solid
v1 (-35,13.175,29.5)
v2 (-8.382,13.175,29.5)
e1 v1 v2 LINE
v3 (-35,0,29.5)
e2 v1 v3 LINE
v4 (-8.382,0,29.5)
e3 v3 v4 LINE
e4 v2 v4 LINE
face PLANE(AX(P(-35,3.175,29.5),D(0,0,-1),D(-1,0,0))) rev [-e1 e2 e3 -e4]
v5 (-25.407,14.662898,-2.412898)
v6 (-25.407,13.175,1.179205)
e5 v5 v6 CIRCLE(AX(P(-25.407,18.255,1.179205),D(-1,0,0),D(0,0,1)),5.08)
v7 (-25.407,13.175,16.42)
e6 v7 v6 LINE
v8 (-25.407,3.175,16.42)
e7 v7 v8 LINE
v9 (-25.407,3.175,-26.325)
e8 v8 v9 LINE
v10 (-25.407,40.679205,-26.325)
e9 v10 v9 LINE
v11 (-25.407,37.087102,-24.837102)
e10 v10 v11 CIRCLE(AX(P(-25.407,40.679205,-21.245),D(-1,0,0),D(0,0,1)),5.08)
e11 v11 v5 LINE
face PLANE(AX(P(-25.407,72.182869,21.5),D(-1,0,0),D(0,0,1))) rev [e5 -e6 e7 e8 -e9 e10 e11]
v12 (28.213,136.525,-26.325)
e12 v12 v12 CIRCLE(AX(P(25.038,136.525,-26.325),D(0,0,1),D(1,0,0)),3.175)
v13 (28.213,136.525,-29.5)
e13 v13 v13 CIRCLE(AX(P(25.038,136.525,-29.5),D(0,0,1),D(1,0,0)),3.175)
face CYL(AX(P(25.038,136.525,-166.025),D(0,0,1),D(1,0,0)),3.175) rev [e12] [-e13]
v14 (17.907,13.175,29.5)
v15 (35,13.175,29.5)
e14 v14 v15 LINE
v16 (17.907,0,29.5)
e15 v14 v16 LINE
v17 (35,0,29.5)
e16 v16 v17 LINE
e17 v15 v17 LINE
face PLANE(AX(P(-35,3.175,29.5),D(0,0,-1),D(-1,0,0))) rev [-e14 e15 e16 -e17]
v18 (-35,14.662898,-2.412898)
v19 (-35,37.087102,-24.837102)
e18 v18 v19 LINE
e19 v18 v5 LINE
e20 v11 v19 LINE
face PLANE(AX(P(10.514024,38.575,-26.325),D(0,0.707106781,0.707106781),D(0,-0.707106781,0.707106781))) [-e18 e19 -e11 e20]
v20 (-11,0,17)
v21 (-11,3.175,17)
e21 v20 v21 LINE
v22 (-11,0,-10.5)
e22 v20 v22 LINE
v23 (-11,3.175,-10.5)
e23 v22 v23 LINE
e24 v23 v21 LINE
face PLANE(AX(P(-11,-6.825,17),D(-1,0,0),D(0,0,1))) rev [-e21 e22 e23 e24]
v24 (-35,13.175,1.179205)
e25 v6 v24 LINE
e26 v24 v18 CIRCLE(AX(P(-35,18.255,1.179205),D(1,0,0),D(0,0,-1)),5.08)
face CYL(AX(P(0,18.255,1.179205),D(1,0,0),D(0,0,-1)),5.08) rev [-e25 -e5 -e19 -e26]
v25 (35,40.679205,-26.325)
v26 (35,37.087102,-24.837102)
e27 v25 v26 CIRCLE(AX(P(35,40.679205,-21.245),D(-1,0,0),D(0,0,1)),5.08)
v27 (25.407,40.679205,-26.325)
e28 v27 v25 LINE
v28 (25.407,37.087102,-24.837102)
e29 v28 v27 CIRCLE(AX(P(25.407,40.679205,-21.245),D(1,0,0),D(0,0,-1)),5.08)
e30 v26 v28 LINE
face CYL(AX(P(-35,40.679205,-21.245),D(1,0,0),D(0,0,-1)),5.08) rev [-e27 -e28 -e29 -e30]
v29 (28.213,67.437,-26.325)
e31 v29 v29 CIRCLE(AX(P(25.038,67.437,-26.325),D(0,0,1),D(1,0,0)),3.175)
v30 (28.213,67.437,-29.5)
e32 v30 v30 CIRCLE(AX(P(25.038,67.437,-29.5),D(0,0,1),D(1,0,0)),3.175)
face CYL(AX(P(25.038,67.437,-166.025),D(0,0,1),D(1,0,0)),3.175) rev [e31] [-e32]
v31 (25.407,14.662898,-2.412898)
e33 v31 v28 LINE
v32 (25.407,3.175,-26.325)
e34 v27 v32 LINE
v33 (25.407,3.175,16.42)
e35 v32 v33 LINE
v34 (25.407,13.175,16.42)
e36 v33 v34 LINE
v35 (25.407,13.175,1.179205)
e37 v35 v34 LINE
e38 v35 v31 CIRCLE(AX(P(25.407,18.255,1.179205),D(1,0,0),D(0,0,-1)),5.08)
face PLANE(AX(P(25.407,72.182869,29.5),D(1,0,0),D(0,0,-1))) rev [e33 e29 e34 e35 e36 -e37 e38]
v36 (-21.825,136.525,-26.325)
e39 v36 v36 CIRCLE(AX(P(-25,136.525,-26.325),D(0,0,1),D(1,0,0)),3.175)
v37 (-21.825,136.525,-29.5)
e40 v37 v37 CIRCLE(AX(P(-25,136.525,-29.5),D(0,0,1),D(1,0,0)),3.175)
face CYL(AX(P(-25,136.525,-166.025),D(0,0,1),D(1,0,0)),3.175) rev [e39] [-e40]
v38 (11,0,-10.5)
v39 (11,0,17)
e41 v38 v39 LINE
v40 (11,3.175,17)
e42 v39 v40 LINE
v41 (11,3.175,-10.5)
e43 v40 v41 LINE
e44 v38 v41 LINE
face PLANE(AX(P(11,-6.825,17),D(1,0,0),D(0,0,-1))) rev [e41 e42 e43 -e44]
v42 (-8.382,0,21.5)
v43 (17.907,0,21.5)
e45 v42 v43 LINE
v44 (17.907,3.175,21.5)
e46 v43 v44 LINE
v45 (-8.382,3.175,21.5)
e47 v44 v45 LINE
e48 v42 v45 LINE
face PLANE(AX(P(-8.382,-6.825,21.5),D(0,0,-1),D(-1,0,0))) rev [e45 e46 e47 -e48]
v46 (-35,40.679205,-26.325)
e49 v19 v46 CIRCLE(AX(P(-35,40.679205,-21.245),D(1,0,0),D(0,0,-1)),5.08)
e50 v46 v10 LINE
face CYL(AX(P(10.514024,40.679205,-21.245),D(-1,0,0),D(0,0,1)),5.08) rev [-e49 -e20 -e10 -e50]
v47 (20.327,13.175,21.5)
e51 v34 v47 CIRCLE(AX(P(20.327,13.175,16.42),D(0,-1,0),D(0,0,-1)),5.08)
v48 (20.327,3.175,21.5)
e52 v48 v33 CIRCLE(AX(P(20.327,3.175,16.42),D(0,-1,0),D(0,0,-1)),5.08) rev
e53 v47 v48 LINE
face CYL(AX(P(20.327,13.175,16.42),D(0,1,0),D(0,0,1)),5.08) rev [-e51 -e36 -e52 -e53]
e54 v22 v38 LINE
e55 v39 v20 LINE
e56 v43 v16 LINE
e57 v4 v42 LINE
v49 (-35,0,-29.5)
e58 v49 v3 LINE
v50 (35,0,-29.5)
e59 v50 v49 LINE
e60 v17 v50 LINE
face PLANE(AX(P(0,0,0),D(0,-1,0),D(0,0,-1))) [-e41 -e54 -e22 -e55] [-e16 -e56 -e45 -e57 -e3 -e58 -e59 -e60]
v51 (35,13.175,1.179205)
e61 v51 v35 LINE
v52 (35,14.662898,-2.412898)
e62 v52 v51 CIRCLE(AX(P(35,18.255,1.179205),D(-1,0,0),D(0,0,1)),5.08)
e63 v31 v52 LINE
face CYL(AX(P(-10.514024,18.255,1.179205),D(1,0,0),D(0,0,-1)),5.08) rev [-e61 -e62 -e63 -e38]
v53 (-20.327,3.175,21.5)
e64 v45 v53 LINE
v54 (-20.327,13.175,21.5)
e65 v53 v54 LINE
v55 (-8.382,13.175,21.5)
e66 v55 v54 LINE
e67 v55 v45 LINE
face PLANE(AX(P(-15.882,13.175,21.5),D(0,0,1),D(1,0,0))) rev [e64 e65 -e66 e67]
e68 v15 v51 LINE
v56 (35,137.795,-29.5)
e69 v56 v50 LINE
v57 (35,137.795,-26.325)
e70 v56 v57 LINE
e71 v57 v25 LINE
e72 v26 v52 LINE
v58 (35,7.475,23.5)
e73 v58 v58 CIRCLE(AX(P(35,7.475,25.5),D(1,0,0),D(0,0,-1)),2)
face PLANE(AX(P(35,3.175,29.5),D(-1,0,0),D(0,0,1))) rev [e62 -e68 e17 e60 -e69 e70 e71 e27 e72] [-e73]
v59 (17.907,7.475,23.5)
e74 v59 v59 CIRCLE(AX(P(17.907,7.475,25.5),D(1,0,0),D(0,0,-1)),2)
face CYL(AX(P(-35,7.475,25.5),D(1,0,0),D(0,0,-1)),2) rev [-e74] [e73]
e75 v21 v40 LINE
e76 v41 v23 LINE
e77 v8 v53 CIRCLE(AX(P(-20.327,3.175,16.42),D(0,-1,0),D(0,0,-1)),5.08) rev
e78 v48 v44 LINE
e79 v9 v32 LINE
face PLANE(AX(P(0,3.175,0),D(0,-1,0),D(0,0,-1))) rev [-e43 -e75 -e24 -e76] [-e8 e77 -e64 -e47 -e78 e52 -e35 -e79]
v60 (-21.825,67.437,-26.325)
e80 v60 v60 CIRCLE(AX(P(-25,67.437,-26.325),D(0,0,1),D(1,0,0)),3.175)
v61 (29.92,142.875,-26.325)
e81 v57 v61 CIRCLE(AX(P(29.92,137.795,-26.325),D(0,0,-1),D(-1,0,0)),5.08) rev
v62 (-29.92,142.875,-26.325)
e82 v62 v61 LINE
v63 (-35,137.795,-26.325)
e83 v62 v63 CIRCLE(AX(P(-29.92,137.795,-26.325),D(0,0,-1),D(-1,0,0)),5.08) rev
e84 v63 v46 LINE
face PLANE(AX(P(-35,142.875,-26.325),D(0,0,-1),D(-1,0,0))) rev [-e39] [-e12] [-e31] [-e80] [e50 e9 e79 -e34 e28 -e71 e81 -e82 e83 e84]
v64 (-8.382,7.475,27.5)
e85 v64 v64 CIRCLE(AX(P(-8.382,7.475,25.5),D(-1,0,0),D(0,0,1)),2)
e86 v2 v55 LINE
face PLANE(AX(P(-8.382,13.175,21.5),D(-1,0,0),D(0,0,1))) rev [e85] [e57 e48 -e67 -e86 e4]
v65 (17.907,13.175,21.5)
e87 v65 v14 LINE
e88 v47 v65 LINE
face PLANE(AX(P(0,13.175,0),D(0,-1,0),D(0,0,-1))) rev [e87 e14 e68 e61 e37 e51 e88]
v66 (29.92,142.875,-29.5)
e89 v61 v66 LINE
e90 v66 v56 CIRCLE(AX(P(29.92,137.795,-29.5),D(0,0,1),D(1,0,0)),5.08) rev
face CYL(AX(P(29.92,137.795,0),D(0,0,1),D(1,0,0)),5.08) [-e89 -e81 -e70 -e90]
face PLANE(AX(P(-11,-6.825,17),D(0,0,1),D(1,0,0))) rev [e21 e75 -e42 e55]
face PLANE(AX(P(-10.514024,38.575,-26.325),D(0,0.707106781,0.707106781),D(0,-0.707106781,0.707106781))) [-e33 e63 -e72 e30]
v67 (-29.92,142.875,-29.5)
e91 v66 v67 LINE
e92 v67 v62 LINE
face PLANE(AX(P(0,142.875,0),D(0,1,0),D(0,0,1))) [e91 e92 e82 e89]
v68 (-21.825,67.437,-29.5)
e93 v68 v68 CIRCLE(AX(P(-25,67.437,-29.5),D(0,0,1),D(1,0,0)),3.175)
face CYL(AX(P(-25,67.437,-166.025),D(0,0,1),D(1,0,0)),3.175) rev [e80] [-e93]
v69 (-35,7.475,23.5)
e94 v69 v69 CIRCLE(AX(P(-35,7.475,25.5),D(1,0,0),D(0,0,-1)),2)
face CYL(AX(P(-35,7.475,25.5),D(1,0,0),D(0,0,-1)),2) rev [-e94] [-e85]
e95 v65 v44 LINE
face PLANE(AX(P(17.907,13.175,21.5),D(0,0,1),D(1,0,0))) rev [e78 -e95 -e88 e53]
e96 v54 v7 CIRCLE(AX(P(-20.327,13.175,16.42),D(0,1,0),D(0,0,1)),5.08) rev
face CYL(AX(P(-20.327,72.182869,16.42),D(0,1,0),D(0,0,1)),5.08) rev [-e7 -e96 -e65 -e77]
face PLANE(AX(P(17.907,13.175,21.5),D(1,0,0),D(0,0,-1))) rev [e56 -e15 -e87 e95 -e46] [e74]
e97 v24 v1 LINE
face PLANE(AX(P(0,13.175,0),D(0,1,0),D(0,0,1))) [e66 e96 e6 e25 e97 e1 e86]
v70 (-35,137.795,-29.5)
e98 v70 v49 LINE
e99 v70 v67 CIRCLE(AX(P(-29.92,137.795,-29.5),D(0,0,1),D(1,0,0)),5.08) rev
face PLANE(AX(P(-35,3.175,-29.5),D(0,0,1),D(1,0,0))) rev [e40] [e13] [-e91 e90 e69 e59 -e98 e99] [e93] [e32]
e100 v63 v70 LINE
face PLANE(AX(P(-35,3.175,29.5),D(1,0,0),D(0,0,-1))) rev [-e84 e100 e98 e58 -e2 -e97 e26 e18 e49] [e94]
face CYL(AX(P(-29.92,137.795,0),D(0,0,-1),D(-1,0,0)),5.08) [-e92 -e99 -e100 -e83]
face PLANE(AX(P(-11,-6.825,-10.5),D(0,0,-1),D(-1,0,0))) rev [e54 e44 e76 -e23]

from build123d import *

# Parameters (mm, degrees)
SKETCH1_W               = 70
SKETCH1_H               = 59
BOSS_EXTRUDE1_DEPTH     = 3.175
SKETCH2_W               = 70
SKETCH2_H               = 3.175
BOSS_EXTRUDE2_DEPTH     = 139.7
SKETCH4_W               = 7.5
SKETCH4_H               = 8
BOSS_EXTRUDE3_DEPTH     = 10
SKETCH5_W               = 26.289
SKETCH5_H               = 8
CUT_EXTRUDE2_DEPTH      = 10
SKETCH3_R               = 3.175
CUT_EXTRUDE1_DEPTH      = 139.7
SKETCH9_W               = 9.593
SKETCH9_H               = 55.825
BOSS_EXTRUDE4_DEPTH     = 10
SKETCH7_W               = 22
SKETCH7_H               = 27.5
CUT_EXTRUDE6_DEPTH      = 10
CUT_EXTRUDE7_DEPTH      = 153.202212694
CUT_EXTRUDE7_DEPTH_BACK = 153.202212694
SKETCH12_R              = 2
BOSS_EXTRUDE5_DEPTH     = 9.593
BOSS_EXTRUDE6_DEPTH     = 9.593
FILLET1_R               = 5.08
FILLET2_R               = 5.08
FILLET3_R               = 5.08


with BuildPart() as part:
    # Sketch1 → Boss-Extrude1 (new body)
    with BuildSketch(Plane(origin=(0, 0, 0), x_dir=(1, 0, 0), z_dir=(0, 1, 0))):
        Rectangle(SKETCH1_W, SKETCH1_H)
    extrude(amount=BOSS_EXTRUDE1_DEPTH)

    # Sketch2 → Boss-Extrude2 (add)
    with BuildSketch(Plane(origin=(0, 3.175, 0), x_dir=(1, 0, 0), z_dir=(0, 1, 0))):
        with Locations((0, 27.9125)):
            Rectangle(SKETCH2_W, SKETCH2_H)
    extrude(amount=BOSS_EXTRUDE2_DEPTH)

    # Sketch4 → Boss-Extrude3 (add)
    with BuildSketch(Plane(origin=(0, 3.175, 0), x_dir=(1, 0, 0), z_dir=(0, 1, 0))):
        with Locations((-12.132, -25.5)):
            Rectangle(SKETCH4_W, SKETCH4_H)
        with Locations((21.657, -25.5)):
            Rectangle(SKETCH4_W, SKETCH4_H)
    extrude(amount=BOSS_EXTRUDE3_DEPTH)

    # Sketch5 → Cut-Extrude2 (cut)
    with BuildSketch(Plane(origin=(0, 3.175, 0), x_dir=(1, 0, 0), z_dir=(0, 1, 0))):
        with Locations((4.7625, -25.5)):
            Rectangle(SKETCH5_W, SKETCH5_H)
    extrude(amount=-CUT_EXTRUDE2_DEPTH, mode=Mode.SUBTRACT)

    # Sketch3 → Cut-Extrude1 (cut)
    with BuildSketch(Plane.XY.offset(-26.325)):
        with Locations((-25, 136.525)):
            Circle(SKETCH3_R)
        with Locations((25.038, 136.525)):
            Circle(SKETCH3_R)
        with Locations((25.038, 67.437)):
            Circle(SKETCH3_R)
        with Locations((-25, 67.437)):
            Circle(SKETCH3_R)
    extrude(amount=-CUT_EXTRUDE1_DEPTH, mode=Mode.SUBTRACT)

    # Sketch9 → Boss-Extrude4 (add)
    with BuildSketch(Plane(origin=(0, 3.175, 0), x_dir=(1, 0, 0), z_dir=(0, 1, 0))):
        with Locations((30.2035, -1.5875)):
            Rectangle(SKETCH9_W, SKETCH9_H)
        Polygon((-25.407, 26.325), (-35, 26.325), (-35, -29.5), (-25.407, -29.5), (-15.882, -29.5), (-15.882, -21.5), (-25.407, -21.5), align=None)
    extrude(amount=BOSS_EXTRUDE4_DEPTH)

    # Sketch7 → Cut-Extrude6 (cut)
    with BuildSketch(Plane(origin=(0, 3.175, 0), x_dir=(1, 0, 0), z_dir=(0, 1, 0))):
        with Locations((0, -3.25)):
            Rectangle(SKETCH7_W, SKETCH7_H)
    extrude(amount=-CUT_EXTRUDE6_DEPTH, mode=Mode.SUBTRACT)

    # Sketch12 → Cut-Extrude7 (cut, two sides: drawn at the far end of the back side and taken through both)
    with BuildSketch(Plane(origin=(-8.382, 0, 0), x_dir=(0, 0, -1), z_dir=(1, 0, 0)).offset(-CUT_EXTRUDE7_DEPTH_BACK)):
        with Locations((-25.5, 7.475)):
            Circle(SKETCH12_R)
    extrude(amount=CUT_EXTRUDE7_DEPTH + CUT_EXTRUDE7_DEPTH_BACK, mode=Mode.SUBTRACT)

    # Sketch13 → Boss-Extrude5 (add)
    with BuildSketch(Plane.ZY.offset(35)):
        Polygon((-26.325, 13.175), (-26.325, 38.575), (-0.925, 13.175), align=None)
    extrude(amount=-BOSS_EXTRUDE5_DEPTH)

    # Sketch14 → Boss-Extrude6 (add)
    with BuildSketch(Plane(origin=(35, 0, 0), x_dir=(0, 0, -1), z_dir=(1, 0, 0))):
        Polygon((26.325, 13.175), (26.325, 38.575), (0.925, 13.175), align=None)
    extrude(amount=-BOSS_EXTRUDE6_DEPTH)

    # Fillet1
    fillet1_edges = [part.edges().sort_by_distance(p)[0] for p in [
        (-35, 142.875, -27.9125),
        (35, 142.875, -27.9125),
    ]]
    fillet(fillet1_edges, radius=FILLET1_R)

    # Fillet2
    fillet2_edges = [part.edges().sort_by_distance(p)[0] for p in [
        (-30.2035, 13.175, -0.925),
        (-30.2035, 38.575, -26.325),
        (30.2035, 13.175, -0.925),
        (30.2035, 38.575, -26.325),
    ]]
    fillet(fillet2_edges, radius=FILLET2_R)

    # Fillet3
    fillet3_edges = [part.edges().sort_by_distance(p)[0] for p in [
        (-25.407, 8.175, 21.5),
        (25.407, 8.175, 21.5),
    ]]
    fillet(fillet3_edges, radius=FILLET3_R)


solid = part.part
